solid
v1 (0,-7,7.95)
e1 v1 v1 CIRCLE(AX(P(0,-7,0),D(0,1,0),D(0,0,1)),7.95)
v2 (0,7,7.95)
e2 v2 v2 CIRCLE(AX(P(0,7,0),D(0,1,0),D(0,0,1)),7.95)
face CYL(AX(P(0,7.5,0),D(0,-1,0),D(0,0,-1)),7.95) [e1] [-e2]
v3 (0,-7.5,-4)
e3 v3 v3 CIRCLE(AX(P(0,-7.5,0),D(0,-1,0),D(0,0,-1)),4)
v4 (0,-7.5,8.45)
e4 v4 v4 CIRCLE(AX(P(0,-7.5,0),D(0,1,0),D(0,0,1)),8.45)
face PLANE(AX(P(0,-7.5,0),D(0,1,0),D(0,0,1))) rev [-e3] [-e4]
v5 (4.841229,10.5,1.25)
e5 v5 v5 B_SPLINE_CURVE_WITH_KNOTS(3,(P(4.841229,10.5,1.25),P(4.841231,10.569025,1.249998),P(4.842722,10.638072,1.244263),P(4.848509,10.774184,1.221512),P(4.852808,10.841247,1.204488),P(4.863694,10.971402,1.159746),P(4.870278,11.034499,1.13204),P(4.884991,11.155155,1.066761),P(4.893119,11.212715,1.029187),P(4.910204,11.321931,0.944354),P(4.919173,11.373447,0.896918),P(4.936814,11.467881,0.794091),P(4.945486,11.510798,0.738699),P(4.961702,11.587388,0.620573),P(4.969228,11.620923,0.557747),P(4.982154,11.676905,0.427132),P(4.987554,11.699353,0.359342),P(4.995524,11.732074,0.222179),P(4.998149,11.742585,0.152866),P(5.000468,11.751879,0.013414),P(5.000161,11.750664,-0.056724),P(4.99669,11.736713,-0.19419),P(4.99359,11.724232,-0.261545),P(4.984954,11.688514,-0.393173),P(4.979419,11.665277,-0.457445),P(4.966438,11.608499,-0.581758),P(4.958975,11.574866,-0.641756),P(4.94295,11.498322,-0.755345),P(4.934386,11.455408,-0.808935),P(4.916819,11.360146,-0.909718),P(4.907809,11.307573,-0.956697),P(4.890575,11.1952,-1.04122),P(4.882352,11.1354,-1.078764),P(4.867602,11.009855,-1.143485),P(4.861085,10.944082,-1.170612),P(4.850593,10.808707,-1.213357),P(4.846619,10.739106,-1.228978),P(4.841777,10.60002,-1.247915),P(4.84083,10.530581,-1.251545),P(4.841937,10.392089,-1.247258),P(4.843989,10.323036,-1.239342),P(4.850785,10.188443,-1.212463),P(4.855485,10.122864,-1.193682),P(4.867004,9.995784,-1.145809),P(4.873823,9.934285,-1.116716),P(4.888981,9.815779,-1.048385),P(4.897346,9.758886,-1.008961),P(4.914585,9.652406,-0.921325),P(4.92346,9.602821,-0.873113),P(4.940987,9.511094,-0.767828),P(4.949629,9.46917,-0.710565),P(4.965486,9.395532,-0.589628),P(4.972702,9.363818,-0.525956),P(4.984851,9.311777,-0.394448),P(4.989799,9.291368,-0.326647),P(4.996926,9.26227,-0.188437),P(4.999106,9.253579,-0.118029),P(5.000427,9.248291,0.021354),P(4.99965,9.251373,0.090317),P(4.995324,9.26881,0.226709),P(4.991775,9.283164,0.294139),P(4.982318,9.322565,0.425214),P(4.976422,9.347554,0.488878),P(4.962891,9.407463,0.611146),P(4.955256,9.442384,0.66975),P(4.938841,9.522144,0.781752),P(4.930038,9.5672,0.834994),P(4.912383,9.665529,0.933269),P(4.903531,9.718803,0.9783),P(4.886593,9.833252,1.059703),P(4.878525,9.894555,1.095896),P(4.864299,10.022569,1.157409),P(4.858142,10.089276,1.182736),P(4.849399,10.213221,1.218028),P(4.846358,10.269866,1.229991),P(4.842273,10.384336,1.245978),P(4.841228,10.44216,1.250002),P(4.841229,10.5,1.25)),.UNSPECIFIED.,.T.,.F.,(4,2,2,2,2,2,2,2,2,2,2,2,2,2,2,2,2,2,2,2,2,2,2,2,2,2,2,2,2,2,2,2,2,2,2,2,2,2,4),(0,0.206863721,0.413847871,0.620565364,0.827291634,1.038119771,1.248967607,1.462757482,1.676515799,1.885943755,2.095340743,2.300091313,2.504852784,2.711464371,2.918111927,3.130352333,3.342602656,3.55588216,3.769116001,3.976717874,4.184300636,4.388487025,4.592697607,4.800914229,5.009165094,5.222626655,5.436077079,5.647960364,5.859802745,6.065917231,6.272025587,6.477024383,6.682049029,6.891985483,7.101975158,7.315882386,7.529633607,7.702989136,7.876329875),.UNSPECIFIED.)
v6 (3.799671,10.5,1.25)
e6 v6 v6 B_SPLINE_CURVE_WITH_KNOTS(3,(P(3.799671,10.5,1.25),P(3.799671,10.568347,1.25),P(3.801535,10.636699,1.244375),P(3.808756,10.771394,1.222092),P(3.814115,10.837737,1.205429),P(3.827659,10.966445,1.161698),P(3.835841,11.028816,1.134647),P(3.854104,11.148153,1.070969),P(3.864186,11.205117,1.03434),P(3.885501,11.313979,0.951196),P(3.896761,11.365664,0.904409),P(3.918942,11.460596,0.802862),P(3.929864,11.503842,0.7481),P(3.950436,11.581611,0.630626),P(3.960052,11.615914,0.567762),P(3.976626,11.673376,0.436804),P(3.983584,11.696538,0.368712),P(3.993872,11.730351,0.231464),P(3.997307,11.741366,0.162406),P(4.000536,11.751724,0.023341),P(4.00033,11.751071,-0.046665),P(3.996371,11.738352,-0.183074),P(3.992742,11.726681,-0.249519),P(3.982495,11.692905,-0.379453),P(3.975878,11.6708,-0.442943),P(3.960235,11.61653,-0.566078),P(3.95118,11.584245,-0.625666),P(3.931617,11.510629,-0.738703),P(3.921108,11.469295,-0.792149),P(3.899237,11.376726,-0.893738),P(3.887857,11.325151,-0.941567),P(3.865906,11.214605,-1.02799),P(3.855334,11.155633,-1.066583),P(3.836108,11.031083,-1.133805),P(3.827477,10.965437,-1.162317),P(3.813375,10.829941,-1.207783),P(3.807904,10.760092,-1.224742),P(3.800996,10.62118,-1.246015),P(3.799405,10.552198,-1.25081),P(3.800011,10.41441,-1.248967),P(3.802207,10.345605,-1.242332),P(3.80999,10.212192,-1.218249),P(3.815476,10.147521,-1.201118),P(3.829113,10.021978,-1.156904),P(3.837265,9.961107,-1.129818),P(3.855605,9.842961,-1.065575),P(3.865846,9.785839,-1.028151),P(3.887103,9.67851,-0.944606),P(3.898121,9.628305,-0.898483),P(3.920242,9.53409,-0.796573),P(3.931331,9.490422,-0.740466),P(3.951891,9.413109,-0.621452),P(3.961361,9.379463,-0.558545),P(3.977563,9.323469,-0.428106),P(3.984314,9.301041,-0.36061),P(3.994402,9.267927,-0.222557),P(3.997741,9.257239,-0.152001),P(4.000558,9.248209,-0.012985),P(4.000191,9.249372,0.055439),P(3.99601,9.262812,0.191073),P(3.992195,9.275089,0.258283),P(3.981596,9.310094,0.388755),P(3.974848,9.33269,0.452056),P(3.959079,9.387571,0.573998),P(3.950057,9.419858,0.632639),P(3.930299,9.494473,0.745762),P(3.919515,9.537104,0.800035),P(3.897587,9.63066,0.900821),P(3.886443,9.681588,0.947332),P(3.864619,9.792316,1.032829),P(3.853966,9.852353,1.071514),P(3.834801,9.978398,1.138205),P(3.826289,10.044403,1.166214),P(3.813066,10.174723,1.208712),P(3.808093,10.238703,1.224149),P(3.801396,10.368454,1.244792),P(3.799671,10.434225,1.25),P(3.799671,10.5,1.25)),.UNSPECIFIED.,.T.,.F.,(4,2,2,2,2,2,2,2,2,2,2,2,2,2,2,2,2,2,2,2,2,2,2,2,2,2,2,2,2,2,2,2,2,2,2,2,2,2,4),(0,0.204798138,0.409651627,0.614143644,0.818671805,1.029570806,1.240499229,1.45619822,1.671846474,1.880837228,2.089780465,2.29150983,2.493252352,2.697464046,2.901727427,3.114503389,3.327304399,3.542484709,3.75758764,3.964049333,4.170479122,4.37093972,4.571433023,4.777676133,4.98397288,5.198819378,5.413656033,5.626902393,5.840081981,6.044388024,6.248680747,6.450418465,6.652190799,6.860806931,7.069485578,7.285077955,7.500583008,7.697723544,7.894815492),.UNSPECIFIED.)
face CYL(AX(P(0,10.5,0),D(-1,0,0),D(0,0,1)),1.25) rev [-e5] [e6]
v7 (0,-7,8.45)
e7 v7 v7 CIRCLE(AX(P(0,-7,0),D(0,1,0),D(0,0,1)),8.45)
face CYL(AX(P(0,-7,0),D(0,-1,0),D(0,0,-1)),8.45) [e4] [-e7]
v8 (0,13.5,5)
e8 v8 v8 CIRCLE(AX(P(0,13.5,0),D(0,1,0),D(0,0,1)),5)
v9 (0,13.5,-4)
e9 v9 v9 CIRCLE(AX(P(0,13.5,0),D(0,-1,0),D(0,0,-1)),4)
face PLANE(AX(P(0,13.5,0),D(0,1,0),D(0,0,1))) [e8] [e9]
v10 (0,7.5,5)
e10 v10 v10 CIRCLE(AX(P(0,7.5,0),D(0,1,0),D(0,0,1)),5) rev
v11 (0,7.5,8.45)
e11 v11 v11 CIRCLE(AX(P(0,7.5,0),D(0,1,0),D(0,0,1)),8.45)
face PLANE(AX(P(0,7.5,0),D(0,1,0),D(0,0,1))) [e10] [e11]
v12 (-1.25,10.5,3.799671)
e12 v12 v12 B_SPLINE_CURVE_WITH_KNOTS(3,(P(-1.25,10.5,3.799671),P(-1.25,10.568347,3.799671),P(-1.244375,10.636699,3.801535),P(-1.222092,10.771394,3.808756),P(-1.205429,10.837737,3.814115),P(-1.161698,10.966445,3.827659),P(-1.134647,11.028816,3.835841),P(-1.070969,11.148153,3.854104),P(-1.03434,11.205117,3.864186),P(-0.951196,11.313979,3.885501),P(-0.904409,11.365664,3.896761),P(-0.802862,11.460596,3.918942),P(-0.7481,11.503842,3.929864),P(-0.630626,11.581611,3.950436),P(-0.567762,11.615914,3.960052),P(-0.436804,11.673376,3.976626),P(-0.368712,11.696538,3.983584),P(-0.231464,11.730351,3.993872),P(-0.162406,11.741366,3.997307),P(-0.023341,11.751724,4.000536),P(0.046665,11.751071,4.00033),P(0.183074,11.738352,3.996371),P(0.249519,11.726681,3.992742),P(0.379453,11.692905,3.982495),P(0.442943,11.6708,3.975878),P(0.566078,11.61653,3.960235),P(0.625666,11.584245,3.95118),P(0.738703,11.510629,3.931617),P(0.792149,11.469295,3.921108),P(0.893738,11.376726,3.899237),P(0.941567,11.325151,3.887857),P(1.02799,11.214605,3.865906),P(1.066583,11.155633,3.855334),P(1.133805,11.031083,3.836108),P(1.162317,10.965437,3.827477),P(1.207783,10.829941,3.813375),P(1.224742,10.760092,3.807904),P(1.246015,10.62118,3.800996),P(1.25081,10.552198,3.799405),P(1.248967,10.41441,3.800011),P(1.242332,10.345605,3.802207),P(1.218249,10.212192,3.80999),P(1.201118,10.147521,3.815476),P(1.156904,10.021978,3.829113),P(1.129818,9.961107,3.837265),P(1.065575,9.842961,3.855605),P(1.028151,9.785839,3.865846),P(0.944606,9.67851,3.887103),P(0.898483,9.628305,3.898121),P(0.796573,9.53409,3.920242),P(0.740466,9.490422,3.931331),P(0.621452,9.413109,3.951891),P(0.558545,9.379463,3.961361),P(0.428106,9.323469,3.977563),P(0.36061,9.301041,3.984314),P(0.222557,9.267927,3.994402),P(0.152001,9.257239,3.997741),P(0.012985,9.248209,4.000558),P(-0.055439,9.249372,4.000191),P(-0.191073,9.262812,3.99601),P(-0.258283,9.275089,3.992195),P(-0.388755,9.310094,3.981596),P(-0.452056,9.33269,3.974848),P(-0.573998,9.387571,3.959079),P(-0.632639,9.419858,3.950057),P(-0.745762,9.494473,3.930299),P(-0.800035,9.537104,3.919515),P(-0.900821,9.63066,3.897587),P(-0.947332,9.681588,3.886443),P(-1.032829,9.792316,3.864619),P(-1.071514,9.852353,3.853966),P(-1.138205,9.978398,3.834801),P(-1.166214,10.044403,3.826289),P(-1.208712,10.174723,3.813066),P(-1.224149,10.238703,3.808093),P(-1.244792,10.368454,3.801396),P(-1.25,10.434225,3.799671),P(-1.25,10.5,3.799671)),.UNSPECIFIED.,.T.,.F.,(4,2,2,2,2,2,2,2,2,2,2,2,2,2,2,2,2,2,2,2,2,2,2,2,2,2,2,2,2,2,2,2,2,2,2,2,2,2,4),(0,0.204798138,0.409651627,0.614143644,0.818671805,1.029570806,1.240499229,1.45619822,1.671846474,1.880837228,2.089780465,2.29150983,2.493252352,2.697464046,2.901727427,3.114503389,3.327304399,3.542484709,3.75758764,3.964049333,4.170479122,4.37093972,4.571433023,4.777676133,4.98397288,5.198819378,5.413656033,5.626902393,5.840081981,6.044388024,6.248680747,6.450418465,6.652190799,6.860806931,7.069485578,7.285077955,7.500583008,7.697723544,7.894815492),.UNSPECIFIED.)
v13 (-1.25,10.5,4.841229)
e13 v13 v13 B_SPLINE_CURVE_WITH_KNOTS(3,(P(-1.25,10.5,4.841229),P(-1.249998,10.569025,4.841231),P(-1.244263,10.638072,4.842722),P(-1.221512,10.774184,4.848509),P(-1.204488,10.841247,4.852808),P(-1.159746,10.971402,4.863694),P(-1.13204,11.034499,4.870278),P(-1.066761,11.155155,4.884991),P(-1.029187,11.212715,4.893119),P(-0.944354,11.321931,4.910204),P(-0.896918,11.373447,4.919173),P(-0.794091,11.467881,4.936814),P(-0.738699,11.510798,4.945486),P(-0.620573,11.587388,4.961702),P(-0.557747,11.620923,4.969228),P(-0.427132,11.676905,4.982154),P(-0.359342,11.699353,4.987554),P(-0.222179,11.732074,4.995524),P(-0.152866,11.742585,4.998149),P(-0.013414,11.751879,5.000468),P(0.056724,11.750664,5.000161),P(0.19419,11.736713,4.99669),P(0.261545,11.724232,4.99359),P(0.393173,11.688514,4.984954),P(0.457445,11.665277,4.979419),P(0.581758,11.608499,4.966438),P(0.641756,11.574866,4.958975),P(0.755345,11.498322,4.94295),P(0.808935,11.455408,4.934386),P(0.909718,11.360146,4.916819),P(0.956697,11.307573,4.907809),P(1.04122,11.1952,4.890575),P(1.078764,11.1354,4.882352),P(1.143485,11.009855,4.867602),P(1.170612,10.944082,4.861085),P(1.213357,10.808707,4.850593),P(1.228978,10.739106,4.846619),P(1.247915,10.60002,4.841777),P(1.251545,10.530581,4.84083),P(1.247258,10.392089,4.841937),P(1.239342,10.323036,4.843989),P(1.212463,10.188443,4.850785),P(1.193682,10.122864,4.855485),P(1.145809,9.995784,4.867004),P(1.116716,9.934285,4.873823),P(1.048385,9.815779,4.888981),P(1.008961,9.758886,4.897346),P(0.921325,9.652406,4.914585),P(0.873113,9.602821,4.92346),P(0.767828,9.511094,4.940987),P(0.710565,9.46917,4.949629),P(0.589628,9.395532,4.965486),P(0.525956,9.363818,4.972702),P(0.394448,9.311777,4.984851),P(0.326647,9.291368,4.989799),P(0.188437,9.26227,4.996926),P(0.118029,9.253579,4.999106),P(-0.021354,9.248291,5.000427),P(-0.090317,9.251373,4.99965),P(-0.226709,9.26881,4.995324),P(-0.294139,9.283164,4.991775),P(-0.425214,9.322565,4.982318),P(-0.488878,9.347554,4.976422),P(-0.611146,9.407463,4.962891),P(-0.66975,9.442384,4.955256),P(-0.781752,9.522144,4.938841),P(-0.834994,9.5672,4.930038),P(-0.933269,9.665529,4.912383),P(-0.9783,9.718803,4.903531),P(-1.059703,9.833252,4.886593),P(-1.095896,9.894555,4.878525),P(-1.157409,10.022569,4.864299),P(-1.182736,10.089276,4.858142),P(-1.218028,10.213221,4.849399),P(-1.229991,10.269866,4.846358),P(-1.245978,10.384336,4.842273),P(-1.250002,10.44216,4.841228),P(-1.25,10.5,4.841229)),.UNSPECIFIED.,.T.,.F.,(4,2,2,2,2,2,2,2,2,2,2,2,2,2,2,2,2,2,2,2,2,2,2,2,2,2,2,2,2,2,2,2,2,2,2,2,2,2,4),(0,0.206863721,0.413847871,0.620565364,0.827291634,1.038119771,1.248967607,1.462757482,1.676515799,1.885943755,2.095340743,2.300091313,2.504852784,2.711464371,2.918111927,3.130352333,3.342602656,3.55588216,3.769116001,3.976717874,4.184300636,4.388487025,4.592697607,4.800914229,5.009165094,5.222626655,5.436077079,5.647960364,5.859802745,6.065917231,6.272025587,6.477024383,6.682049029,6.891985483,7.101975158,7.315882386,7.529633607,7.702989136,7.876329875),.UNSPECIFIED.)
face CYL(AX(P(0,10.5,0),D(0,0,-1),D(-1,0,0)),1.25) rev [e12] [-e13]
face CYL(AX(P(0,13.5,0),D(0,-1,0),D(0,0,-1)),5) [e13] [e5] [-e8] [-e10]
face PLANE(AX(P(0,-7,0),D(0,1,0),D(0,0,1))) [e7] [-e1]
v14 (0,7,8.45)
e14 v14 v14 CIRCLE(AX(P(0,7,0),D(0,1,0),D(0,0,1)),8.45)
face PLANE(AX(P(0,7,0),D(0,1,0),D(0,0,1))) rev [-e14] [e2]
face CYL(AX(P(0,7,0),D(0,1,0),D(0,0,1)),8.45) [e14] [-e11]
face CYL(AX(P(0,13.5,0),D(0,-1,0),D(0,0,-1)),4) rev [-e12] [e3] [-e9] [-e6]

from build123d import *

# Parameters (mm, degrees)
CROQUIS1_R                 = 7.95
SALIENTE_EXTRUIR1_DEPTH    = 7.5
CROQUIS2_R                 = 8.45
SALIENTE_EXTRUIR2_DEPTH    = 0.5
SALIENTE_EXTRUIR3_START    = -14.5
CROQUIS2_2_R               = 8.45
SALIENTE_EXTRUIR3_DEPTH    = 0.5
CROQUIS3_R                 = 5
SALIENTE_EXTRUIR4_DEPTH    = 21
CORTAR_EXTRUIR1_DEPTH      = 24.728779994
CORTAR_EXTRUIR1_DEPTH_BACK = 24.728779994
CROQUIS4_R                 = 3
CROQUIS7_W                 = 1.25
CROQUIS7_H                 = 5
CROQUIS9_W                 = 1.25
CROQUIS9_H                 = 8.45
CROQUIS10_R                = 4
CORTAR_EXTRUIR2_DEPTH      = 25.162057119


with BuildPart() as part:
    # Croquis1 → Saliente-Extruir1 (new, symmetric)
    with BuildSketch(Plane(origin=(0, 0, 0), x_dir=(-1, 0, 0), z_dir=(0, 1, 0))):
        with Locations(Location((0, 0, 0), (0, 0, 90))):
            Circle(CROQUIS1_R)
    extrude(amount=SALIENTE_EXTRUIR1_DEPTH, both=True)

    # Croquis2 → Saliente-Extruir2 (add)
    with BuildSketch(Plane(origin=(0, 7.5, 0), x_dir=(-1, 0, 0), z_dir=(0, 1, 0))):
        with Locations(Location((0, 0, 0), (0, 0, 90))):
            Circle(CROQUIS2_R)
    extrude(amount=-SALIENTE_EXTRUIR2_DEPTH)

    # Croquis2<2> → Saliente-Extruir3 (add)
    with BuildSketch(Plane(origin=(0, 7.5, 0), x_dir=(-1, 0, 0), z_dir=(0, 1, 0)).offset(SALIENTE_EXTRUIR3_START)):
        with Locations(Location((0, 0, 0), (0, 0, 90))):
            Circle(CROQUIS2_2_R)
    extrude(amount=-SALIENTE_EXTRUIR3_DEPTH)

    # Croquis3 → Saliente-Extruir4 (add)
    with BuildSketch(Plane(origin=(0, -7.5, 0), x_dir=(-1, 0, 0), z_dir=(0, 1, 0))):
        with Locations(Location((0, 0, 0), (0, 0, 270))):
            Circle(CROQUIS3_R)
    extrude(amount=SALIENTE_EXTRUIR4_DEPTH)

    # Croquis4 → Cortar-Extruir1 (cut, two sides: drawn at the far end of the back side and taken through both)
    with BuildSketch(Plane(origin=(0, -7, 0), x_dir=(-1, 0, 0), z_dir=(0, 1, 0)).offset(-CORTAR_EXTRUIR1_DEPTH_BACK)):
        with Locations(Location((0, 0, 0), (0, 0, 90))):
            Circle(CROQUIS4_R)
    extrude(amount=CORTAR_EXTRUIR1_DEPTH + CORTAR_EXTRUIR1_DEPTH_BACK, mode=Mode.SUBTRACT)

    # Croquis7 → Taladro roscado M32 (revolve, cut)
    with BuildSketch(Plane.ZX.offset(10.5)):
        with Locations((0.625, 2.5)):
            Rectangle(CROQUIS7_W, CROQUIS7_H)
    revolve(axis=Axis((-6.35, 10.5, 0), (1, 0, 0)), mode=Mode.SUBTRACT)

    # Croquis9 → Taladro roscado M31 (revolve, cut)
    with BuildSketch(Plane(origin=(0, 10.5, 0), x_dir=(0, 1, 0), z_dir=(1, 0, 0))):
        with Locations((0.625, 4.225)):
            Rectangle(CROQUIS9_W, CROQUIS9_H)
    revolve(axis=Axis((0, 10.5, -6.35), (0, 0, 1)), mode=Mode.SUBTRACT)

    # Croquis10 → Cortar-Extruir2 (cut, through all)
    with BuildSketch(Plane.XZ.offset(7.5)):
        with Locations(Location((0, 0, 0), (0, 0, 270))):
            Circle(CROQUIS10_R)
    extrude(amount=-CORTAR_EXTRUIR2_DEPTH, mode=Mode.SUBTRACT)


solid = part.part
